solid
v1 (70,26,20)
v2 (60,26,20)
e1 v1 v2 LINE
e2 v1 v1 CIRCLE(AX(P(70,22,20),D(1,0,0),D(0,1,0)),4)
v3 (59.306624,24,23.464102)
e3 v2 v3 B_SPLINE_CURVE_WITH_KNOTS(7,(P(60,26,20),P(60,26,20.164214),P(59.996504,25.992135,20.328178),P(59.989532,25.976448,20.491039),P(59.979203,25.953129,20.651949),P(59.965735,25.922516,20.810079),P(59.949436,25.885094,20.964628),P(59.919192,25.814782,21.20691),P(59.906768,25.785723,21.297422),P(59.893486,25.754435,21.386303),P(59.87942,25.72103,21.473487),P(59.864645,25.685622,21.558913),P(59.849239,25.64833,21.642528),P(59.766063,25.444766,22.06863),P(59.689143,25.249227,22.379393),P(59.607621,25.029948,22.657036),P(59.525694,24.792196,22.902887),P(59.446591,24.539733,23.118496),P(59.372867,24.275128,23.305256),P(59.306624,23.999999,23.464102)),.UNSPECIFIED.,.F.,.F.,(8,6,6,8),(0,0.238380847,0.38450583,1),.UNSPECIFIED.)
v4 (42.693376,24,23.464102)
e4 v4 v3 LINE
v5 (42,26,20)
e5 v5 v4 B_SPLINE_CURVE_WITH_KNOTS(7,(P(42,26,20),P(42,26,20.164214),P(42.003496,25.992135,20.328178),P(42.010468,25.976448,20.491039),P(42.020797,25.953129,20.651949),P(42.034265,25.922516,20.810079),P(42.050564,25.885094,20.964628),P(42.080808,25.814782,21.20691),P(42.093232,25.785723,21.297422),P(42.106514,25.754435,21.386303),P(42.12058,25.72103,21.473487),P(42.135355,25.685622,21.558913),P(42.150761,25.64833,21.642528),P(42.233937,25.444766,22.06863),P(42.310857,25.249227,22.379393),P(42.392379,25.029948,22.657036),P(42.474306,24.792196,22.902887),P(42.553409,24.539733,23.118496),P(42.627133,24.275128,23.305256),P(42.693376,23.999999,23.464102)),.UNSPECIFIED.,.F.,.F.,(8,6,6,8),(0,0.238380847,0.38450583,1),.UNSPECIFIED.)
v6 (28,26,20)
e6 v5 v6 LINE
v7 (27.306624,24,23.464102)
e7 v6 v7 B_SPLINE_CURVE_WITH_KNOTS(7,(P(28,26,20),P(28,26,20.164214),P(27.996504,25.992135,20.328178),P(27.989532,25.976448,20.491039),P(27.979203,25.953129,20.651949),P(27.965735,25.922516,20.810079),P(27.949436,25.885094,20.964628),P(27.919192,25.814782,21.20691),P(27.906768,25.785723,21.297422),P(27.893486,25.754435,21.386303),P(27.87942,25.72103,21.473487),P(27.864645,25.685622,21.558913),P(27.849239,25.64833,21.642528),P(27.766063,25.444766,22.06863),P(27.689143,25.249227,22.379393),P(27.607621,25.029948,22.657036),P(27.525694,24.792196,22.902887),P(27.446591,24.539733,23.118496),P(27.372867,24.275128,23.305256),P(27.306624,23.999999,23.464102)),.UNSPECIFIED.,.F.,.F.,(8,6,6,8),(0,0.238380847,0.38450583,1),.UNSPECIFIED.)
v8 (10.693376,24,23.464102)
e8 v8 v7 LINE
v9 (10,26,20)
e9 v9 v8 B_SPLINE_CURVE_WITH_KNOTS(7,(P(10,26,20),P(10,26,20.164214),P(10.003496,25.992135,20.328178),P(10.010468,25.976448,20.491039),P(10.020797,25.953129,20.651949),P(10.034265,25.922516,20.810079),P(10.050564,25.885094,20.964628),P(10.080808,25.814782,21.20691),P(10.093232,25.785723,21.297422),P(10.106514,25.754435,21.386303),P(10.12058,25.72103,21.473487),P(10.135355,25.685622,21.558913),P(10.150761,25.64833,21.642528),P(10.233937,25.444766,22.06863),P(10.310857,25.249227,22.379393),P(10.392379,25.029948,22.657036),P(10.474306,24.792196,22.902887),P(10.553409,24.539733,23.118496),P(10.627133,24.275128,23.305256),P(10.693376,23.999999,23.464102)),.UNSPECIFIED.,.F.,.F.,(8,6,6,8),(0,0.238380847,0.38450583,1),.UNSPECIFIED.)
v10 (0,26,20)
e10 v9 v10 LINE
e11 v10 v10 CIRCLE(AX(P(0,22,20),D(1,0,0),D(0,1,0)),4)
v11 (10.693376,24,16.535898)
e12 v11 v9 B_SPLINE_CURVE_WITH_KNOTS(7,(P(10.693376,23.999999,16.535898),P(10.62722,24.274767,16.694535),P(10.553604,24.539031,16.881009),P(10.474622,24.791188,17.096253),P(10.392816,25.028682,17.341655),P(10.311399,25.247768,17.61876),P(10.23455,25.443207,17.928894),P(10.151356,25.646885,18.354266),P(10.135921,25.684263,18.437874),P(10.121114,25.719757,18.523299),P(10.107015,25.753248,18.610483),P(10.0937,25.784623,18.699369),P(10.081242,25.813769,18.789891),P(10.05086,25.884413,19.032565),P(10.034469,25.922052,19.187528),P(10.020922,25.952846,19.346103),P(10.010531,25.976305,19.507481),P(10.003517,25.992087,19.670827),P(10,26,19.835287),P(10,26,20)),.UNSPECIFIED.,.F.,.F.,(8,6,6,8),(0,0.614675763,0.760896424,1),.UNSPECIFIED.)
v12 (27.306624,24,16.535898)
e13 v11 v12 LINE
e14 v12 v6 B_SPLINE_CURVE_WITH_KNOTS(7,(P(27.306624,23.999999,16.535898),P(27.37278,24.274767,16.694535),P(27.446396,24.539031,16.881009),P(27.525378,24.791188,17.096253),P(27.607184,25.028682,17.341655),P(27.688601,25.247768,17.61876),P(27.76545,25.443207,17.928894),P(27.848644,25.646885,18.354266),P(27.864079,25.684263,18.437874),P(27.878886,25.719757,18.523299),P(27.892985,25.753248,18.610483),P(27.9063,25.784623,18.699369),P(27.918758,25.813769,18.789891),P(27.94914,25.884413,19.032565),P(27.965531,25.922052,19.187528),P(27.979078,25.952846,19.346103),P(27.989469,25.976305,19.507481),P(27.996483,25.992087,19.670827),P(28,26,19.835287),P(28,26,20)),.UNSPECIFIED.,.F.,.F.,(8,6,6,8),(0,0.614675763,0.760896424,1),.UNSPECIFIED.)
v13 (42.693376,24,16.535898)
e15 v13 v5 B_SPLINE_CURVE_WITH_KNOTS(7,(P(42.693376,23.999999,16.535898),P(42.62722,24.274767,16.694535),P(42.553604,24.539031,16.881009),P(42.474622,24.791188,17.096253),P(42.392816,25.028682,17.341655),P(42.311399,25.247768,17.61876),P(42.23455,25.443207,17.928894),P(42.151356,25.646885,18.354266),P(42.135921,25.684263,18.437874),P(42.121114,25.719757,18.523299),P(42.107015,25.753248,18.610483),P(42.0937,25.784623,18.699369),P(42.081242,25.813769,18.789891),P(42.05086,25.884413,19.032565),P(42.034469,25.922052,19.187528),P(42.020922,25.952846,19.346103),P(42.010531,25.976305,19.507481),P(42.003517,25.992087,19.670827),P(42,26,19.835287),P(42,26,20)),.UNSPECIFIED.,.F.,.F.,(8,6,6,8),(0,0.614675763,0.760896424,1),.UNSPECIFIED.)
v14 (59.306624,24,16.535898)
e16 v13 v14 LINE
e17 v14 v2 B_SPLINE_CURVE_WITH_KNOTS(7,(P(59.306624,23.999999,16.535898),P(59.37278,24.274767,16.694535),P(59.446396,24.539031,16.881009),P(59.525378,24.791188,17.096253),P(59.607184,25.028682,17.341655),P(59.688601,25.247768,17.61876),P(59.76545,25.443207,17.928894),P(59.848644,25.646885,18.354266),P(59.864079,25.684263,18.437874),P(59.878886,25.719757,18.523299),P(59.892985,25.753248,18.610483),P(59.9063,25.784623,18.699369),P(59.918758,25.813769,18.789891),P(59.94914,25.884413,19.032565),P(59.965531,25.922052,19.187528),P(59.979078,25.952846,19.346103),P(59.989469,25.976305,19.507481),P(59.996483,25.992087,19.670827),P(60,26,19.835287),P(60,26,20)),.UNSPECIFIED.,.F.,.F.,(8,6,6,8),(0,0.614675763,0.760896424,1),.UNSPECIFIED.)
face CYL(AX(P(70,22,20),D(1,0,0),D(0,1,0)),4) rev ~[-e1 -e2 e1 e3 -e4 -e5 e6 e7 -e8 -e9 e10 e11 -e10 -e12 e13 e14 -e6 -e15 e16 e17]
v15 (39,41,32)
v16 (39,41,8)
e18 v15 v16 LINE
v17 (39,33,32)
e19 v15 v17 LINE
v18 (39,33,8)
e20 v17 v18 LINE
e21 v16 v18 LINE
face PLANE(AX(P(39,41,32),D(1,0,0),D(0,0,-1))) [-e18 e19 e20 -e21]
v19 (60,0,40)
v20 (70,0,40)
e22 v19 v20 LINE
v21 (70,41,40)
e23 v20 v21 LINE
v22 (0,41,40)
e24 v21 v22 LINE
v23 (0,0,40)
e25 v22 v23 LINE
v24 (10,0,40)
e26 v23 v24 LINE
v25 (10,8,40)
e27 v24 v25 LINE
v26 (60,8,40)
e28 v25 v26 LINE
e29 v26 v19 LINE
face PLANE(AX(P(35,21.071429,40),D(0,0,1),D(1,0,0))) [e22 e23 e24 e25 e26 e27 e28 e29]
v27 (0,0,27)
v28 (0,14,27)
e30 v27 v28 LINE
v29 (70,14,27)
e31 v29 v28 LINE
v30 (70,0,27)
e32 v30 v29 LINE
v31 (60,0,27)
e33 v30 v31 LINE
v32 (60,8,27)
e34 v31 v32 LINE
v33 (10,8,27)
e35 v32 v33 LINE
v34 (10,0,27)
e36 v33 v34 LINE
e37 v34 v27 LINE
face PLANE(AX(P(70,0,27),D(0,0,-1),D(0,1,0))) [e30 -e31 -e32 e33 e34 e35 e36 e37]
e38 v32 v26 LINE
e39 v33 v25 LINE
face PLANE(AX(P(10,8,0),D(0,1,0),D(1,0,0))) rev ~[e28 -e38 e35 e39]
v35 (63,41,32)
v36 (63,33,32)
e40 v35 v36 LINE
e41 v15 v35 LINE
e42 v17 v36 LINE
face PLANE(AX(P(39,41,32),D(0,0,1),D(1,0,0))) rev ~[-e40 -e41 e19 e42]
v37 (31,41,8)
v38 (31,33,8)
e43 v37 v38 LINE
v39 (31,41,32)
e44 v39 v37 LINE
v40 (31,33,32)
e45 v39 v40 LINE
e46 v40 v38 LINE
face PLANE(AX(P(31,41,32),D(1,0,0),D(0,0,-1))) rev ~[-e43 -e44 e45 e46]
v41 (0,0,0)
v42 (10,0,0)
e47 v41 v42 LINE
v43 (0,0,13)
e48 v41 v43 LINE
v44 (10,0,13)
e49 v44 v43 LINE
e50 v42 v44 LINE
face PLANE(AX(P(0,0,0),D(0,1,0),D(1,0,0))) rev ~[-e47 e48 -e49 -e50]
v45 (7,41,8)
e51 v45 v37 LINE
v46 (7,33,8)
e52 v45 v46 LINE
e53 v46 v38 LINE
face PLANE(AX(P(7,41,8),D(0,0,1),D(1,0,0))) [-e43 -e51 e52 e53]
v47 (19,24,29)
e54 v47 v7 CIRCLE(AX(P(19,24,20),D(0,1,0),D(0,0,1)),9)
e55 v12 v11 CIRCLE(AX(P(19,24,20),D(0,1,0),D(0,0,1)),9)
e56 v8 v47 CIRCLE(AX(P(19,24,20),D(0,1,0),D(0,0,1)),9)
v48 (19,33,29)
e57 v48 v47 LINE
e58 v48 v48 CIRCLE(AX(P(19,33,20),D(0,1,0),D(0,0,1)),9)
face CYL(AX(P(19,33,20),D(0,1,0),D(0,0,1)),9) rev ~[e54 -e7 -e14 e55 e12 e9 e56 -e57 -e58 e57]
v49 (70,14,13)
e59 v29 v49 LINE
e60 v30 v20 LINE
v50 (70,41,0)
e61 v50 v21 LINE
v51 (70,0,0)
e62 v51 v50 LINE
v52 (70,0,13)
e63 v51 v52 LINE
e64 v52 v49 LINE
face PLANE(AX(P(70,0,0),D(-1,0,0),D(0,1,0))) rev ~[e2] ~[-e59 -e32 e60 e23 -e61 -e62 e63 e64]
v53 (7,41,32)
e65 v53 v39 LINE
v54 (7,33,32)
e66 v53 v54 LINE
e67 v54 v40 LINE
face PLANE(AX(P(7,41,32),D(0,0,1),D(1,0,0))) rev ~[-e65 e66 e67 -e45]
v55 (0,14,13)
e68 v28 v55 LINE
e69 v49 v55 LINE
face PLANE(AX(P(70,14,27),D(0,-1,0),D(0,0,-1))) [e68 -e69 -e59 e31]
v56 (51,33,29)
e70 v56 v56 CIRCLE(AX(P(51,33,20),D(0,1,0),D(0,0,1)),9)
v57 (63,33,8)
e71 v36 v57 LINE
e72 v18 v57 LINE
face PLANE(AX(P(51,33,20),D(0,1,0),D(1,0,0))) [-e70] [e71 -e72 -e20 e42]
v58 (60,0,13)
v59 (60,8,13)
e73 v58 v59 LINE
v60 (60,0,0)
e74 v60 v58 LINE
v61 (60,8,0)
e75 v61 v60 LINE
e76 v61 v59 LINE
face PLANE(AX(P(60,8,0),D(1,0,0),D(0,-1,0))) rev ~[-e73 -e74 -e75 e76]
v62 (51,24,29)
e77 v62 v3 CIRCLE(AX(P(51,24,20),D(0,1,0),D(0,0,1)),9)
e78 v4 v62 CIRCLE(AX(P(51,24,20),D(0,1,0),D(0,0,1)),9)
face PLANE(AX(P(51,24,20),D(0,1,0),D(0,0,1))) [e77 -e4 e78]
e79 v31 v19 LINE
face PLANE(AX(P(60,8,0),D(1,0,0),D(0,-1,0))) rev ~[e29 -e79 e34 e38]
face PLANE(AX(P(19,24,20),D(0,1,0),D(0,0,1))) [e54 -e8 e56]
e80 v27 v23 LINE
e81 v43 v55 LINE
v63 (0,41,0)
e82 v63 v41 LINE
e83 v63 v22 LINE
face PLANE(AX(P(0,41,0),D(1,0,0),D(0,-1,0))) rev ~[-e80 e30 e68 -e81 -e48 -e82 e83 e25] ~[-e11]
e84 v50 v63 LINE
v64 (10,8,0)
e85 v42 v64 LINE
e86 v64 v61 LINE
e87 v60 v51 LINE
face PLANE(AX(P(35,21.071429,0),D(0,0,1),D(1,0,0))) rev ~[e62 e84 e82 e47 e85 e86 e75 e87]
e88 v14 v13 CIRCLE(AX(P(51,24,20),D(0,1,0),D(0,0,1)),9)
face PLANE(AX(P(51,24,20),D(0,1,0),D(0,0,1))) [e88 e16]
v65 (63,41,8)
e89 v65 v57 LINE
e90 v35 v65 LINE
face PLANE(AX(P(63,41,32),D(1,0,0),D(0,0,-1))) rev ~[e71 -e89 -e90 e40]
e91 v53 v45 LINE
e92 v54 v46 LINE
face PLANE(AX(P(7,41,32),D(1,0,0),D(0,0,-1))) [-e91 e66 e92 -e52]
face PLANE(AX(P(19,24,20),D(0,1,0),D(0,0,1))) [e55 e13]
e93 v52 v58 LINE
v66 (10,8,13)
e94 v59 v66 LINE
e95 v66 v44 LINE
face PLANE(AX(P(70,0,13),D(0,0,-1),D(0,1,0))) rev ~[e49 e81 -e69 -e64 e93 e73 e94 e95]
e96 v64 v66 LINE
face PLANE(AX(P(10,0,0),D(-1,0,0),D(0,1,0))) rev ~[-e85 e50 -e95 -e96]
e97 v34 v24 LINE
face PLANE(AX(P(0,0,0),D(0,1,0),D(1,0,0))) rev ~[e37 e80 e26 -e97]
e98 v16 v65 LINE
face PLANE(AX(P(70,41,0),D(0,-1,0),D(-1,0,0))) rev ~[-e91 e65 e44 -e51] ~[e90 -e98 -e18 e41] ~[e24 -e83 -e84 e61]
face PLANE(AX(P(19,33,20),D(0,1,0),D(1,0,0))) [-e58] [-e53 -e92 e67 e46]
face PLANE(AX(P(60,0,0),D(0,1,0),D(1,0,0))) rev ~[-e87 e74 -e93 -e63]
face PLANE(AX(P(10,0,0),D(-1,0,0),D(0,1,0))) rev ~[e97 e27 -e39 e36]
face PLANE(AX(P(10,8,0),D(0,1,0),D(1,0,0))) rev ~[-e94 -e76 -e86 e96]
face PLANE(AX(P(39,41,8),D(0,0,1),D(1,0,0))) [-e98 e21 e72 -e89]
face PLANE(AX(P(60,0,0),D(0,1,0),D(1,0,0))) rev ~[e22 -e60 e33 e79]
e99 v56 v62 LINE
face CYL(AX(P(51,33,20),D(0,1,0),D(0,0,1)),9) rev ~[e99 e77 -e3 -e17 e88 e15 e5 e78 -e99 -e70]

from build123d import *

# Parameters (mm, degrees)
BOSS_EXTRUDE3_DEPTH = 40
SKETCH7_W           = 14
SKETCH7_H           = 14
CUT_EXTRUDE3_DEPTH  = 108
SKETCH8_R           = 4
CUT_EXTRUDE4_DEPTH  = 108
SKETCH9_W           = 24
SKETCH9_H           = 24
CUT_EXTRUDE5_DEPTH  = 8
SKETCH10_R          = 9
CUT_EXTRUDE6_DEPTH  = 9
SKETCH11_R          = 9
CUT_EXTRUDE7_DEPTH  = 9


with BuildPart() as part:
    # Sketch1 → Boss-Extrude3 (new body)
    with BuildSketch(Plane.XY):
        Polygon((10, 0), (10, 8), (60, 8), (60, 0), (70, 0), (70, 41), (0, 41), (0, 0), align=None)
    extrude(amount=BOSS_EXTRUDE3_DEPTH)

    # Sketch7 → Cut-Extrude3 (cut)
    with BuildSketch(Plane(origin=(70, 0, 0), x_dir=(0, 0, -1), z_dir=(1, 0, 0))):
        with Locations((-20, 7)):
            Rectangle(SKETCH7_W, SKETCH7_H)
    extrude(amount=-CUT_EXTRUDE3_DEPTH, mode=Mode.SUBTRACT)

    # Sketch8 → Cut-Extrude4 (cut)
    with BuildSketch(Plane(origin=(70, 0, 0), x_dir=(0, 0, -1), z_dir=(1, 0, 0))):
        with Locations(Location((-20, 22, 0), (0, 0, 90))):
            Circle(SKETCH8_R)
    extrude(amount=-CUT_EXTRUDE4_DEPTH, mode=Mode.SUBTRACT)

    # Sketch9 → Cut-Extrude5 (cut)
    with BuildSketch(Plane(origin=(0, 41, 0), x_dir=(1, 0, 0), z_dir=(0, 1, 0))):
        with Locations((19, -20)):
            Rectangle(SKETCH9_W, SKETCH9_H)
        with Locations((51, -20)):
            Rectangle(SKETCH9_W, SKETCH9_H)
    extrude(amount=-CUT_EXTRUDE5_DEPTH, mode=Mode.SUBTRACT)

    # Sketch10 → Cut-Extrude6 (cut)
    with BuildSketch(Plane(origin=(0, 33, 0), x_dir=(1, 0, 0), z_dir=(0, 1, 0))):
        with Locations(Location((19, -20, 0), (0, 0, 270))):
            Circle(SKETCH10_R)
    extrude(amount=-CUT_EXTRUDE6_DEPTH, mode=Mode.SUBTRACT)

    # Sketch11 → Cut-Extrude7 (cut)
    with BuildSketch(Plane(origin=(0, 33, 0), x_dir=(1, 0, 0), z_dir=(0, 1, 0))):
        with Locations(Location((51, -20, 0), (0, 0, 270))):
            Circle(SKETCH11_R)
    extrude(amount=-CUT_EXTRUDE7_DEPTH, mode=Mode.SUBTRACT)


solid = part.part
